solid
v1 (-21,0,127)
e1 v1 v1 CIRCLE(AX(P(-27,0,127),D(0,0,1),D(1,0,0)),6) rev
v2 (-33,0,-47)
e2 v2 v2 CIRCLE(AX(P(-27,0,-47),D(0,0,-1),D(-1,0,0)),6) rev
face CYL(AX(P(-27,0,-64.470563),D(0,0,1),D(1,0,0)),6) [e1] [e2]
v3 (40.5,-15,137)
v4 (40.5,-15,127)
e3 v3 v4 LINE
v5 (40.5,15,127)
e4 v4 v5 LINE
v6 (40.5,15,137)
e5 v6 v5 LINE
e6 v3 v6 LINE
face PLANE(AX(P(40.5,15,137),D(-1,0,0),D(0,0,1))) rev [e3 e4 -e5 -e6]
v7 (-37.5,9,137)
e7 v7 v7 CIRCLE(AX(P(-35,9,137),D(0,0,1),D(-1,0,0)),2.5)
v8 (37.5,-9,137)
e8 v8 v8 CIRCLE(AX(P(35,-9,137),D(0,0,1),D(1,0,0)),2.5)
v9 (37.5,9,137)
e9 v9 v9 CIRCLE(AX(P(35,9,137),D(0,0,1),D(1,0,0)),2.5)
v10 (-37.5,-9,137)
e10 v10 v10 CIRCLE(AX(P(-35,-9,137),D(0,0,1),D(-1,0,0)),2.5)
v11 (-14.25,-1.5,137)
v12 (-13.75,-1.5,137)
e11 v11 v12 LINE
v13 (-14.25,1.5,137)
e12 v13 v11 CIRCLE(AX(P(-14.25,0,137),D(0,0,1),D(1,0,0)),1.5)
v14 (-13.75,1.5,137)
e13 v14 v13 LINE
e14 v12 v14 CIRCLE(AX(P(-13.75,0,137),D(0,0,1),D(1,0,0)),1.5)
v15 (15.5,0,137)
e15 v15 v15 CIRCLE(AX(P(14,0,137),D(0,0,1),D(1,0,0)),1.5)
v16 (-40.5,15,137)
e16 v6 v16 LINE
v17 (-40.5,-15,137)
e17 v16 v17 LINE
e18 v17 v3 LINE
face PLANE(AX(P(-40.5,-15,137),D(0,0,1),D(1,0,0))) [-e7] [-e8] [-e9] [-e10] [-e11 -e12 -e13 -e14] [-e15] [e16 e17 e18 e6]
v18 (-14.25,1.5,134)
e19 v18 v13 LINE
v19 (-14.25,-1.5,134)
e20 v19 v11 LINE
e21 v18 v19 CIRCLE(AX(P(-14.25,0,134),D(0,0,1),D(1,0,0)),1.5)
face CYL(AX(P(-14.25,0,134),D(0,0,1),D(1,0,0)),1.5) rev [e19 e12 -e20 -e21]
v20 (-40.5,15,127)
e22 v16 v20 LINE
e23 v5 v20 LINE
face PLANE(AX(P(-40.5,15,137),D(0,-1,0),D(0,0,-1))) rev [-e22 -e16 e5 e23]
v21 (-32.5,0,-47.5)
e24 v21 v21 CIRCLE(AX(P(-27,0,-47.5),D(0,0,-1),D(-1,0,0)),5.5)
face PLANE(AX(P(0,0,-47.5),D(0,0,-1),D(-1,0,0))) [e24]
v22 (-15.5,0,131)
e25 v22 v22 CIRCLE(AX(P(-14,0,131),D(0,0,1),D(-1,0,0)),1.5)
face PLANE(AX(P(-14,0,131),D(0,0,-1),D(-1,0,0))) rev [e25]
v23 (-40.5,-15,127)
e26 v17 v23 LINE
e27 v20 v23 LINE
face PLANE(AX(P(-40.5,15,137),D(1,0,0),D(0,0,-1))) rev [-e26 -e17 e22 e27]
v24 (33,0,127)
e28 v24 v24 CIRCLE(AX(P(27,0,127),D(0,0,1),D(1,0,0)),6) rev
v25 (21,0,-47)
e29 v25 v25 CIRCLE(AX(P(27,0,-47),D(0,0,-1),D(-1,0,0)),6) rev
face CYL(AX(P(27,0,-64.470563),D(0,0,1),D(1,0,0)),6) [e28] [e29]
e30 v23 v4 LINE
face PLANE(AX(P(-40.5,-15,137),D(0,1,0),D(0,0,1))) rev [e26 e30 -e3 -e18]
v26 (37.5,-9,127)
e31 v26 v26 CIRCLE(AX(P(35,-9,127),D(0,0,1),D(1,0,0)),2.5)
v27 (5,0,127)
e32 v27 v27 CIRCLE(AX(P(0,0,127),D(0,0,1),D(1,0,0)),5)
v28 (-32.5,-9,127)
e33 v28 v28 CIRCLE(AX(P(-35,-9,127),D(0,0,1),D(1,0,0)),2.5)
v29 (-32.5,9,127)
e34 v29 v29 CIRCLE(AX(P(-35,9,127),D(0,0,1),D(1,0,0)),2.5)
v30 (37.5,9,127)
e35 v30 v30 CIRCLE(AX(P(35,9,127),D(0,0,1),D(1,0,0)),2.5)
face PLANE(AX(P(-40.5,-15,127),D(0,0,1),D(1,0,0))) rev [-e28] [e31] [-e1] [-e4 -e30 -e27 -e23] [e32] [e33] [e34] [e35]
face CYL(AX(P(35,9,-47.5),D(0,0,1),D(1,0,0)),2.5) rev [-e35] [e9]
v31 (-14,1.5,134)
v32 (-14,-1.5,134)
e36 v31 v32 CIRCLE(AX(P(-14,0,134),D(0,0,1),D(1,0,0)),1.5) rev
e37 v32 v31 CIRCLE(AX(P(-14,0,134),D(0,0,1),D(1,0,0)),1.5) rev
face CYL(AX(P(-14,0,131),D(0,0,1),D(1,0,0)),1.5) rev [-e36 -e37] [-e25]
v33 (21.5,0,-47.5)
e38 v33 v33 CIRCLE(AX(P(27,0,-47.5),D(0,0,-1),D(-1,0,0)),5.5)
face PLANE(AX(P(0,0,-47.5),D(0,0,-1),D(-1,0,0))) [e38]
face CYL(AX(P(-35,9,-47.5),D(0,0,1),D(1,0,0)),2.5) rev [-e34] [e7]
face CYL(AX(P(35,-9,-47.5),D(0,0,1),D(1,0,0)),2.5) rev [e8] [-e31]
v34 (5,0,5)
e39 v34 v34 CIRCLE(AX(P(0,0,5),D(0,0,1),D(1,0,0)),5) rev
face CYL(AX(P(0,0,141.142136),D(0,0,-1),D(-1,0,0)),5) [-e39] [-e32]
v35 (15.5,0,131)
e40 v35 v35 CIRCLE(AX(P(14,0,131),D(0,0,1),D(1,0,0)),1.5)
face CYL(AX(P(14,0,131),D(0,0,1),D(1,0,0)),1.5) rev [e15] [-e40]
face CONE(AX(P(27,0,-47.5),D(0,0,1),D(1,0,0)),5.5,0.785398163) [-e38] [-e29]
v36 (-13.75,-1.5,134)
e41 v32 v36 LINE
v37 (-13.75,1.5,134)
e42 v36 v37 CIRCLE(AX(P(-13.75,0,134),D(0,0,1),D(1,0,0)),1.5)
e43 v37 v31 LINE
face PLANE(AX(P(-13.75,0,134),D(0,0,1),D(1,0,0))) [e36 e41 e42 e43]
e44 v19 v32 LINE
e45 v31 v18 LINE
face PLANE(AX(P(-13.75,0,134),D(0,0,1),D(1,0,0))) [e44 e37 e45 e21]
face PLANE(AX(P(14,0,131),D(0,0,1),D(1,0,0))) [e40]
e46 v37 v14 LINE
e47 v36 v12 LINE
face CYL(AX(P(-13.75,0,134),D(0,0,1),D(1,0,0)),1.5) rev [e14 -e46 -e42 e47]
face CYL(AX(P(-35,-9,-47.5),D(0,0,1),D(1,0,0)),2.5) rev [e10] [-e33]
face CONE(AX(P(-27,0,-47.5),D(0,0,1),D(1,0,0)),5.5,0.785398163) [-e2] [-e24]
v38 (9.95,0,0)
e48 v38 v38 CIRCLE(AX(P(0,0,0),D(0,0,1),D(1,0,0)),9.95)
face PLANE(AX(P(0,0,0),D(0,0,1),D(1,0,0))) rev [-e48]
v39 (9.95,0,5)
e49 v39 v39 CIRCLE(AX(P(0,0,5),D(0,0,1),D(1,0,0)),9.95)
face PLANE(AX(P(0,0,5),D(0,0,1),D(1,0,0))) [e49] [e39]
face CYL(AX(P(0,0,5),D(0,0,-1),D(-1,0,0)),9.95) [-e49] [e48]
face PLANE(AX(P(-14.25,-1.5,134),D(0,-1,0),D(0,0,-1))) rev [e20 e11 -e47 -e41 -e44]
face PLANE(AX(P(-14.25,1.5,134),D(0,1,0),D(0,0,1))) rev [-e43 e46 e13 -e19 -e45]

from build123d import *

# Parameters (mm, degrees)
SKETCH1_R           = 9.95
PISTON_DEPTH        = 5
SKETCH2_R           = 5
ROD_DEPTH           = 127
SKETCH3_W           = 81
SKETCH3_H           = 30
PLATE_DEPTH         = 10
SKETCH4_R           = 6
GUIDES_DEPTH        = 174.5
SKETCH5_R           = 1.5
MOUNTHOLES_DEPTH    = 6
CHAMFER1_SIZE       = 0.5
SKETCH6_R           = 2.5
MOUNTHOLES2_DEPTH   = 185.5
CUT_EXTRUDE1X_DEPTH = 3


with BuildPart() as part:
    # Sketch1 → Piston (new body)
    with BuildSketch(Plane.XY):
        Circle(SKETCH1_R)
    extrude(amount=PISTON_DEPTH)

    # Sketch2 → Rod (add)
    with BuildSketch(Plane.XY):
        Circle(SKETCH2_R)
    extrude(amount=ROD_DEPTH)

    # Sketch3 → Plate (add)
    with BuildSketch(Plane.XY.offset(127)):
        Rectangle(SKETCH3_W, SKETCH3_H)
    extrude(amount=PLATE_DEPTH)

    # Sketch4 → Guides (add)
    with BuildSketch(Plane(origin=(0, 0, 127), x_dir=(-1, 0, 0), z_dir=(0, 0, -1))):
        with Locations((-27, 0)):
            Circle(SKETCH4_R)
        with Locations((27, 0)):
            Circle(SKETCH4_R)
    extrude(amount=GUIDES_DEPTH)

    # Sketch5 → MountHoles (cut)
    with BuildSketch(Plane.XY.offset(137)):
        with Locations((14, 0)):
            Circle(SKETCH5_R)
        with Locations((-14, 0)):
            Circle(SKETCH5_R)
    extrude(amount=-MOUNTHOLES_DEPTH, mode=Mode.SUBTRACT)

    # Chamfer1
    chamfer1_edges = [part.edges().sort_by_distance(p)[0] for p in [
        (33, 0, -47.5),
        (-21, 0, -47.5),
    ]]
    chamfer(chamfer1_edges, length=CHAMFER1_SIZE)

    # Sketch6 → MountHoles2 (cut, through all)
    with BuildSketch(Plane.XY.offset(137)):
        with Locations((35, 9)):
            Circle(SKETCH6_R)
        with Locations((-35, 9)):
            Circle(SKETCH6_R)
        with Locations((35, -9)):
            Circle(SKETCH6_R)
        with Locations((-35, -9)):
            Circle(SKETCH6_R)
    extrude(amount=-MOUNTHOLES2_DEPTH, mode=Mode.SUBTRACT)

    # Sketch7 → Cut-Extrude1X (cut)
    with BuildSketch(Plane.XY.offset(137)):
        with BuildLine():
            Line((-14.25, 1.5), (-13.75, 1.5))
            ThreePointArc((-13.75, 1.5), (-12.25, 0), (-13.75, -1.5))
            Line((-13.75, -1.5), (-14.25, -1.5))
            ThreePointArc((-14.25, -1.5), (-15.75, 0), (-14.25, 1.5))
        make_face()
    extrude(amount=-CUT_EXTRUDE1X_DEPTH, mode=Mode.SUBTRACT)


solid = part.part
